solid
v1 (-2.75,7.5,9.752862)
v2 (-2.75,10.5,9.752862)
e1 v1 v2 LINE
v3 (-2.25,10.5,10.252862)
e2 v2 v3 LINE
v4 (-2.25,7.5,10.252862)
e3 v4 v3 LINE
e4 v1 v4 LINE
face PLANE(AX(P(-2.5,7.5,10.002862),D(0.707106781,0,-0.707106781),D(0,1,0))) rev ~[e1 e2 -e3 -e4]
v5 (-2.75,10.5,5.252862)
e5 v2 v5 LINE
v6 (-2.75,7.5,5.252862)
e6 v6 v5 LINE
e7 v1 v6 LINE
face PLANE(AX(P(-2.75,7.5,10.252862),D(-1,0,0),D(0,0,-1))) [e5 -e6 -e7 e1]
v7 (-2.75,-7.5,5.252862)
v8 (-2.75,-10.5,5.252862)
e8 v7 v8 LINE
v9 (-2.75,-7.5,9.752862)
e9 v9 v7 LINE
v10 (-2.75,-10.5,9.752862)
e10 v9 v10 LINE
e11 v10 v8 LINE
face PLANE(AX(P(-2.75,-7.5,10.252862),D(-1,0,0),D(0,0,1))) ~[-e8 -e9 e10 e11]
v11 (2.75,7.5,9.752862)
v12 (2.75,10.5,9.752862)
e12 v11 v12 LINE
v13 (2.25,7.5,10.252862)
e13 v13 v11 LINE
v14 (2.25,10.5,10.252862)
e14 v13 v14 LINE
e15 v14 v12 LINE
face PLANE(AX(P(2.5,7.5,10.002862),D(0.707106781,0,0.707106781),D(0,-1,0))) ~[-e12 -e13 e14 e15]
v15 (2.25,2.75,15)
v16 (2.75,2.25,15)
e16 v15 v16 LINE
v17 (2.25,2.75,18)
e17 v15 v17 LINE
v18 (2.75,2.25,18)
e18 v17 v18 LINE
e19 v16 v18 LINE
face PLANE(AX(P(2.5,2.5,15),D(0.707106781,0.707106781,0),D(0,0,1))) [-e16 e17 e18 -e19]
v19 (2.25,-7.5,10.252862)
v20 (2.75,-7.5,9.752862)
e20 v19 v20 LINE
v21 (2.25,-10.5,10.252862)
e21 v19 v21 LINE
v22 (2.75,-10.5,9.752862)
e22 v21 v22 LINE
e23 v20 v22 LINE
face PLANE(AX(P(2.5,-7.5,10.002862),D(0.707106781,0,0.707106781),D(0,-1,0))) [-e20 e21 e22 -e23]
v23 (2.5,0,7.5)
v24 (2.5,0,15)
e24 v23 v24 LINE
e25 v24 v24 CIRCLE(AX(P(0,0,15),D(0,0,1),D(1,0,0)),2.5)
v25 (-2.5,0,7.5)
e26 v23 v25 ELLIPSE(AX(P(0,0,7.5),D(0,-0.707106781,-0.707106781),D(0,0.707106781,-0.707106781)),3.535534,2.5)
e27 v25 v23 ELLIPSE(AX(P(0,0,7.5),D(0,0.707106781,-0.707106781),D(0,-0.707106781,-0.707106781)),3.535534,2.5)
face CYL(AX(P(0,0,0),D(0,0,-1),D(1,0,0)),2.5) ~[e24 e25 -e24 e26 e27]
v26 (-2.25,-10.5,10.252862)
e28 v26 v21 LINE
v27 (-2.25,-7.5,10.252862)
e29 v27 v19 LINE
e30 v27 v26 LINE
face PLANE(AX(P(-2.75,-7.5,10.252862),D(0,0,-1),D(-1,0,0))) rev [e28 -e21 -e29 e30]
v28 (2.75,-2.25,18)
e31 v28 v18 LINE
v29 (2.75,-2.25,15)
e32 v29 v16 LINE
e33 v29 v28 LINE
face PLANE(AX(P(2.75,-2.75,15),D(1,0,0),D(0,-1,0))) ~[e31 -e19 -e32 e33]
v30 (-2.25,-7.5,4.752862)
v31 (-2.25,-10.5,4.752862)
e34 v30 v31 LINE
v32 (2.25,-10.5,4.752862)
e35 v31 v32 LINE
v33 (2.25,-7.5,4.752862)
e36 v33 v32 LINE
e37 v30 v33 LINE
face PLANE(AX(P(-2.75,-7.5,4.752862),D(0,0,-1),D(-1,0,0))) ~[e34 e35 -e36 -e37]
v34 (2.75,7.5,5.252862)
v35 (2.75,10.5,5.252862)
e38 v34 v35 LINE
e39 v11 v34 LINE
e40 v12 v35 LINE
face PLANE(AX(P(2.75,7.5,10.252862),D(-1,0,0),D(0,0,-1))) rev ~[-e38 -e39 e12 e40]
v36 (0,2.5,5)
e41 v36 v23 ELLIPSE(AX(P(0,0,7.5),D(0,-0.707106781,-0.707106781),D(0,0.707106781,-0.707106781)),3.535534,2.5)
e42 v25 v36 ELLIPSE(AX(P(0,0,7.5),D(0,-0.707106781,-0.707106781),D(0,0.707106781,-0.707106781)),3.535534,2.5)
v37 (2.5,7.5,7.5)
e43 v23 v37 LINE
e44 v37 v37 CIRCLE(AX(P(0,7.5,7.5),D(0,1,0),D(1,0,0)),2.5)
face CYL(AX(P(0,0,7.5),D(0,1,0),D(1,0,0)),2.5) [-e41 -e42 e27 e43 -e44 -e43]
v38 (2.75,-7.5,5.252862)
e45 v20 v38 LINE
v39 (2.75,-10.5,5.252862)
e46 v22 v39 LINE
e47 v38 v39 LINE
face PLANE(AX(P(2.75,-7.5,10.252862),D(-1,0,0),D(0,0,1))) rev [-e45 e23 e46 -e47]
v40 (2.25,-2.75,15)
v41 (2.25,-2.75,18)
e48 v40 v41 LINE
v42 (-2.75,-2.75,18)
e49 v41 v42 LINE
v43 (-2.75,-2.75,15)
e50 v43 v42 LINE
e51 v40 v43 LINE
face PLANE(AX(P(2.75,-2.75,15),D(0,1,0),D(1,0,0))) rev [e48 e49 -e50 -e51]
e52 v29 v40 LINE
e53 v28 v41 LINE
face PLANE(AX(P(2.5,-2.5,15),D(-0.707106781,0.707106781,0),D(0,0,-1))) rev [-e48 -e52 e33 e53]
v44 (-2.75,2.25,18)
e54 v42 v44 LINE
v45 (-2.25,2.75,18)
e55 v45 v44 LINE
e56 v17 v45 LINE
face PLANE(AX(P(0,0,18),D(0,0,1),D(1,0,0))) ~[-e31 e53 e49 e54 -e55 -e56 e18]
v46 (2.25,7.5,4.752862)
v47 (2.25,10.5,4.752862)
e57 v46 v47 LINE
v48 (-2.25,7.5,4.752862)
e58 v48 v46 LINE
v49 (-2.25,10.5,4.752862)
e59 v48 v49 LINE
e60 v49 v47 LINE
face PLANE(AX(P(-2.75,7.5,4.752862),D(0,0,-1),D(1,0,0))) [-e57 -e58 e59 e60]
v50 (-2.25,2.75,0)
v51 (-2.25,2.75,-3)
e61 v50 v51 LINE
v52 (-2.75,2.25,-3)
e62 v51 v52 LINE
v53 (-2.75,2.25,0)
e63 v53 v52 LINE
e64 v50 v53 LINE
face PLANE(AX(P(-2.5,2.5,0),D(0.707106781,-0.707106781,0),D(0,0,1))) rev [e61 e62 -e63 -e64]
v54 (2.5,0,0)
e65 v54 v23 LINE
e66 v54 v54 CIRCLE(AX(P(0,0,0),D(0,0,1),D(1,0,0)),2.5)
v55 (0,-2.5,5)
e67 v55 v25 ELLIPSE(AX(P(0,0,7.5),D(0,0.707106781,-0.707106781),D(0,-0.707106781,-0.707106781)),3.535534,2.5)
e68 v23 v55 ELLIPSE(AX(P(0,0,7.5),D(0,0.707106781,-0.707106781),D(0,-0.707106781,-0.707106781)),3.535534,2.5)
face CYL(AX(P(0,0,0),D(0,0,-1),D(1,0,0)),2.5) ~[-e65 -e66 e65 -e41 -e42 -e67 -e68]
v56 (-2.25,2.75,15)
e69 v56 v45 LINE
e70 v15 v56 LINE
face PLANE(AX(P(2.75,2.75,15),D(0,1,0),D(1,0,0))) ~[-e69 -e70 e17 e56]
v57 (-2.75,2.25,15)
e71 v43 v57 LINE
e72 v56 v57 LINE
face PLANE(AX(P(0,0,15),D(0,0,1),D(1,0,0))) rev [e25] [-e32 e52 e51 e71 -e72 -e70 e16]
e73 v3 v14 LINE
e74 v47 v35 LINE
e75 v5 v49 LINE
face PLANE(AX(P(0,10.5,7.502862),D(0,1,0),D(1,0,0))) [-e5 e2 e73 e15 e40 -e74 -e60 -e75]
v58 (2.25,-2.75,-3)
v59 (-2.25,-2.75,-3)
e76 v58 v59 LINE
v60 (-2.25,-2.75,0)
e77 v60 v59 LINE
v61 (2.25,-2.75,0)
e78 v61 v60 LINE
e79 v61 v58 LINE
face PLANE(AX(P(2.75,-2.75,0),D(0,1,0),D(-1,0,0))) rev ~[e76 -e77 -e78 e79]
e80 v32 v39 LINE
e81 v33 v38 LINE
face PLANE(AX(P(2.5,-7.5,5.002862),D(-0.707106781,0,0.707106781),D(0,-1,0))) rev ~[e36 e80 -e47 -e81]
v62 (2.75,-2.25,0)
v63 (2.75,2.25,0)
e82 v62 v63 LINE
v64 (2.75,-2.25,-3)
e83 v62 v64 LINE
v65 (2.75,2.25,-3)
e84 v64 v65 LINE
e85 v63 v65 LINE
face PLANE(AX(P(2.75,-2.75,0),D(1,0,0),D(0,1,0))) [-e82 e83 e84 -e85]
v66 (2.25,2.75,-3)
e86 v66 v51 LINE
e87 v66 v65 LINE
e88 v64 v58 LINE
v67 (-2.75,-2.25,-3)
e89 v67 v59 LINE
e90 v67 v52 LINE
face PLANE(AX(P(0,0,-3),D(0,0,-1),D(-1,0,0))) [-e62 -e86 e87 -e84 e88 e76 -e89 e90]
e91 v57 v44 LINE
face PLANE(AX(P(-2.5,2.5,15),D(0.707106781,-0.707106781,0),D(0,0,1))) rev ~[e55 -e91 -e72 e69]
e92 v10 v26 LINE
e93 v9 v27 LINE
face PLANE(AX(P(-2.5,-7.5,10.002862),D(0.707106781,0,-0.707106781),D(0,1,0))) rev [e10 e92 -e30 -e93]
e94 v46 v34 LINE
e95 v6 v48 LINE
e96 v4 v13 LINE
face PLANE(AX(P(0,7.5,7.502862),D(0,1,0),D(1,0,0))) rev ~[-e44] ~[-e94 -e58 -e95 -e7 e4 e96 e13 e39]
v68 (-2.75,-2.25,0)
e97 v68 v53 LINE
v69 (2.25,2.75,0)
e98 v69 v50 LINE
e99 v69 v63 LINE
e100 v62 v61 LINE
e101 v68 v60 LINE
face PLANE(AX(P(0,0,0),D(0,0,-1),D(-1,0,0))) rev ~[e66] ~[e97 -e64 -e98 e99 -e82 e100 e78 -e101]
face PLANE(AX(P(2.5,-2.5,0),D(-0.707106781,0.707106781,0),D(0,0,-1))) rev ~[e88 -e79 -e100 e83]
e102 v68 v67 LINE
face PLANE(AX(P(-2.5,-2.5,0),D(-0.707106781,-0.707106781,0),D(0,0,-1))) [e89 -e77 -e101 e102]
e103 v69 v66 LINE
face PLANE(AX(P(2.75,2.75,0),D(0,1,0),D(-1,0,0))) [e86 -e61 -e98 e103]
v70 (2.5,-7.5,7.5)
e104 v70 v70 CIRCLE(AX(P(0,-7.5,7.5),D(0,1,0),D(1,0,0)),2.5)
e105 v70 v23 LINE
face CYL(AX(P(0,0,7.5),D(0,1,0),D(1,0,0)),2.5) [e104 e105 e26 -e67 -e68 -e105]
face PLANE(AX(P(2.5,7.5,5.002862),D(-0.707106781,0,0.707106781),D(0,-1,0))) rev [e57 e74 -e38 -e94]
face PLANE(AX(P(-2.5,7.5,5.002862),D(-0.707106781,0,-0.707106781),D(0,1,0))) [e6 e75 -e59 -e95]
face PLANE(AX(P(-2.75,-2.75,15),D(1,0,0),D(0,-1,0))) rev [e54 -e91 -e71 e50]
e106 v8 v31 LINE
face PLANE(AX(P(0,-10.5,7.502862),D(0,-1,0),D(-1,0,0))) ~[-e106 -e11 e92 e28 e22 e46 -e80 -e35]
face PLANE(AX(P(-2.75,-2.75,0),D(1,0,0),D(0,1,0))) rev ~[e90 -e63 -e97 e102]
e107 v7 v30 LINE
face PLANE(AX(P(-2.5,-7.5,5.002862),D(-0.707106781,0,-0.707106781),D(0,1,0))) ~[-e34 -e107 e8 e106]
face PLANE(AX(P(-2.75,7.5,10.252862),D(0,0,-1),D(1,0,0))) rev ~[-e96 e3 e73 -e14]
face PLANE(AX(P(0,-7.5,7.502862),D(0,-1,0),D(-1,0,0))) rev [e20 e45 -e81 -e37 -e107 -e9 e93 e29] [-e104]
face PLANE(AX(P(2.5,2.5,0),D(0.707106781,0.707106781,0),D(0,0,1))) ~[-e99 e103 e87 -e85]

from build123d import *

# Parameters (mm, degrees)
SKETCH1_R                = 2.5
BOSS_EXTRUDE1_DEPTH      = 15
SKETCH3_R                = 2.5
BOSS_EXTRUDE2_DEPTH      = 7.5
SKETCH4_W                = 5.5
SKETCH4_H                = 5.5
BOSS_EXTRUDE3_DEPTH      = 3
CHAMFER1_SIZE            = 0.5
CHAMFER2_SIZE            = 0.5
CHAMFER3_SIZE            = 0.5
CHAMFER1_OF_MIRROR1_SIZE = 0.5
CHAMFER2_OF_MIRROR1_SIZE = 0.5
SKETCH5_W                = 5.5
SKETCH5_H                = 5.5
BOSS_EXTRUDE4_DEPTH      = 3
CHAMFER4_SIZE            = 0.5
CHAMFER5_SIZE            = 0.5
CHAMFER4_OF_MIRROR2_SIZE = 0.5
CHAMFER5_OF_MIRROR2_SIZE = 0.5


with BuildPart() as part:
    # Sketch1 → Boss-Extrude1 (new body)
    with BuildSketch(Plane.XY):
        Circle(SKETCH1_R)
    extrude(amount=BOSS_EXTRUDE1_DEPTH)

    # Sketch3 → Boss-Extrude2 (add, symmetric)
    with BuildSketch(Plane(origin=(0, 0, 0), x_dir=(1, 0, 0), z_dir=(0, 1, 0))):
        with Locations((0, -7.5)):
            Circle(SKETCH3_R)
    extrude(amount=BOSS_EXTRUDE2_DEPTH, both=True)

    # Sketch4 → Boss-Extrude3 (add)
    with BuildSketch(Plane(origin=(0, 0, 0), x_dir=(-1, 0, 0), z_dir=(0, 0, -1))):
        Rectangle(SKETCH4_W, SKETCH4_H)
    boss_extrude3 = extrude(amount=BOSS_EXTRUDE3_DEPTH)

    # Chamfer1
    chamfer1_edges = [part.edges().sort_by_distance(p)[0] for p in [
        (-2.75, 2.75, -1.5),
    ]]
    chamfer(chamfer1_edges, length=CHAMFER1_SIZE)

    # Chamfer2
    chamfer2_edges = [part.edges().sort_by_distance(p)[0] for p in [
        (2.75, 2.75, -1.5),
        (2.75, -2.75, -1.5),
    ]]
    chamfer(chamfer2_edges, length=CHAMFER2_SIZE)

    # Chamfer3
    chamfer3_edges = [part.edges().sort_by_distance(p)[0] for p in [
        (-2.75, -2.75, -1.5),
    ]]
    chamfer(chamfer3_edges, length=CHAMFER3_SIZE)

    # Mirror1: Boss-Extrude3 across plane
    add(boss_extrude3.mirror(Plane(origin=(0, 0, 7.5), x_dir=(1, 0, 0), z_dir=(0, 0, -1))))

    # Chamfer1 of Mirror1
    chamfer1_of_mirror1_edges = [part.edges().sort_by_distance(p)[0] for p in [
        (-2.75, 2.75, 16.5),
    ]]
    chamfer(chamfer1_of_mirror1_edges, length=CHAMFER1_OF_MIRROR1_SIZE)

    # Chamfer2 of Mirror1
    chamfer2_of_mirror1_edges = [part.edges().sort_by_distance(p)[0] for p in [
        (2.75, 2.75, 16.5),
        (2.75, -2.75, 16.5),
    ]]
    chamfer(chamfer2_of_mirror1_edges, length=CHAMFER2_OF_MIRROR1_SIZE)

    # Sketch5 → Boss-Extrude4 (add)
    with BuildSketch(Plane(origin=(0, 7.5, 0), x_dir=(1, 0, 0), z_dir=(0, 1, 0))):
        with Locations((0, -7.502861602)):
            Rectangle(SKETCH5_W, SKETCH5_H)
    boss_extrude4 = extrude(amount=BOSS_EXTRUDE4_DEPTH)

    # Chamfer4
    chamfer4_edges = [part.edges().sort_by_distance(p)[0] for p in [
        (-2.75, 9, 4.752861602),
        (-2.75, 9, 10.252861602),
        (2.75, 9, 4.752861602),
    ]]
    chamfer(chamfer4_edges, length=CHAMFER4_SIZE)

    # Chamfer5
    chamfer5_edges = [part.edges().sort_by_distance(p)[0] for p in [
        (2.75, 9, 10.252861602),
    ]]
    chamfer(chamfer5_edges, length=CHAMFER5_SIZE)

    # Mirror2: Boss-Extrude4 across plane
    add(boss_extrude4.mirror(Plane(origin=(0, 0, 0), x_dir=(0, 0, 1), z_dir=(0, -1, 0))))

    # Chamfer4 of Mirror2
    chamfer4_of_mirror2_edges = [part.edges().sort_by_distance(p)[0] for p in [
        (-2.75, -9, 4.752861602),
        (-2.75, -9, 10.252861602),
        (2.75, -9, 4.752861602),
    ]]
    chamfer(chamfer4_of_mirror2_edges, length=CHAMFER4_OF_MIRROR2_SIZE)

    # Chamfer5 of Mirror2
    chamfer5_of_mirror2_edges = [part.edges().sort_by_distance(p)[0] for p in [
        (2.75, -9, 10.252861602),
    ]]
    chamfer(chamfer5_of_mirror2_edges, length=CHAMFER5_OF_MIRROR2_SIZE)


solid = part.part
